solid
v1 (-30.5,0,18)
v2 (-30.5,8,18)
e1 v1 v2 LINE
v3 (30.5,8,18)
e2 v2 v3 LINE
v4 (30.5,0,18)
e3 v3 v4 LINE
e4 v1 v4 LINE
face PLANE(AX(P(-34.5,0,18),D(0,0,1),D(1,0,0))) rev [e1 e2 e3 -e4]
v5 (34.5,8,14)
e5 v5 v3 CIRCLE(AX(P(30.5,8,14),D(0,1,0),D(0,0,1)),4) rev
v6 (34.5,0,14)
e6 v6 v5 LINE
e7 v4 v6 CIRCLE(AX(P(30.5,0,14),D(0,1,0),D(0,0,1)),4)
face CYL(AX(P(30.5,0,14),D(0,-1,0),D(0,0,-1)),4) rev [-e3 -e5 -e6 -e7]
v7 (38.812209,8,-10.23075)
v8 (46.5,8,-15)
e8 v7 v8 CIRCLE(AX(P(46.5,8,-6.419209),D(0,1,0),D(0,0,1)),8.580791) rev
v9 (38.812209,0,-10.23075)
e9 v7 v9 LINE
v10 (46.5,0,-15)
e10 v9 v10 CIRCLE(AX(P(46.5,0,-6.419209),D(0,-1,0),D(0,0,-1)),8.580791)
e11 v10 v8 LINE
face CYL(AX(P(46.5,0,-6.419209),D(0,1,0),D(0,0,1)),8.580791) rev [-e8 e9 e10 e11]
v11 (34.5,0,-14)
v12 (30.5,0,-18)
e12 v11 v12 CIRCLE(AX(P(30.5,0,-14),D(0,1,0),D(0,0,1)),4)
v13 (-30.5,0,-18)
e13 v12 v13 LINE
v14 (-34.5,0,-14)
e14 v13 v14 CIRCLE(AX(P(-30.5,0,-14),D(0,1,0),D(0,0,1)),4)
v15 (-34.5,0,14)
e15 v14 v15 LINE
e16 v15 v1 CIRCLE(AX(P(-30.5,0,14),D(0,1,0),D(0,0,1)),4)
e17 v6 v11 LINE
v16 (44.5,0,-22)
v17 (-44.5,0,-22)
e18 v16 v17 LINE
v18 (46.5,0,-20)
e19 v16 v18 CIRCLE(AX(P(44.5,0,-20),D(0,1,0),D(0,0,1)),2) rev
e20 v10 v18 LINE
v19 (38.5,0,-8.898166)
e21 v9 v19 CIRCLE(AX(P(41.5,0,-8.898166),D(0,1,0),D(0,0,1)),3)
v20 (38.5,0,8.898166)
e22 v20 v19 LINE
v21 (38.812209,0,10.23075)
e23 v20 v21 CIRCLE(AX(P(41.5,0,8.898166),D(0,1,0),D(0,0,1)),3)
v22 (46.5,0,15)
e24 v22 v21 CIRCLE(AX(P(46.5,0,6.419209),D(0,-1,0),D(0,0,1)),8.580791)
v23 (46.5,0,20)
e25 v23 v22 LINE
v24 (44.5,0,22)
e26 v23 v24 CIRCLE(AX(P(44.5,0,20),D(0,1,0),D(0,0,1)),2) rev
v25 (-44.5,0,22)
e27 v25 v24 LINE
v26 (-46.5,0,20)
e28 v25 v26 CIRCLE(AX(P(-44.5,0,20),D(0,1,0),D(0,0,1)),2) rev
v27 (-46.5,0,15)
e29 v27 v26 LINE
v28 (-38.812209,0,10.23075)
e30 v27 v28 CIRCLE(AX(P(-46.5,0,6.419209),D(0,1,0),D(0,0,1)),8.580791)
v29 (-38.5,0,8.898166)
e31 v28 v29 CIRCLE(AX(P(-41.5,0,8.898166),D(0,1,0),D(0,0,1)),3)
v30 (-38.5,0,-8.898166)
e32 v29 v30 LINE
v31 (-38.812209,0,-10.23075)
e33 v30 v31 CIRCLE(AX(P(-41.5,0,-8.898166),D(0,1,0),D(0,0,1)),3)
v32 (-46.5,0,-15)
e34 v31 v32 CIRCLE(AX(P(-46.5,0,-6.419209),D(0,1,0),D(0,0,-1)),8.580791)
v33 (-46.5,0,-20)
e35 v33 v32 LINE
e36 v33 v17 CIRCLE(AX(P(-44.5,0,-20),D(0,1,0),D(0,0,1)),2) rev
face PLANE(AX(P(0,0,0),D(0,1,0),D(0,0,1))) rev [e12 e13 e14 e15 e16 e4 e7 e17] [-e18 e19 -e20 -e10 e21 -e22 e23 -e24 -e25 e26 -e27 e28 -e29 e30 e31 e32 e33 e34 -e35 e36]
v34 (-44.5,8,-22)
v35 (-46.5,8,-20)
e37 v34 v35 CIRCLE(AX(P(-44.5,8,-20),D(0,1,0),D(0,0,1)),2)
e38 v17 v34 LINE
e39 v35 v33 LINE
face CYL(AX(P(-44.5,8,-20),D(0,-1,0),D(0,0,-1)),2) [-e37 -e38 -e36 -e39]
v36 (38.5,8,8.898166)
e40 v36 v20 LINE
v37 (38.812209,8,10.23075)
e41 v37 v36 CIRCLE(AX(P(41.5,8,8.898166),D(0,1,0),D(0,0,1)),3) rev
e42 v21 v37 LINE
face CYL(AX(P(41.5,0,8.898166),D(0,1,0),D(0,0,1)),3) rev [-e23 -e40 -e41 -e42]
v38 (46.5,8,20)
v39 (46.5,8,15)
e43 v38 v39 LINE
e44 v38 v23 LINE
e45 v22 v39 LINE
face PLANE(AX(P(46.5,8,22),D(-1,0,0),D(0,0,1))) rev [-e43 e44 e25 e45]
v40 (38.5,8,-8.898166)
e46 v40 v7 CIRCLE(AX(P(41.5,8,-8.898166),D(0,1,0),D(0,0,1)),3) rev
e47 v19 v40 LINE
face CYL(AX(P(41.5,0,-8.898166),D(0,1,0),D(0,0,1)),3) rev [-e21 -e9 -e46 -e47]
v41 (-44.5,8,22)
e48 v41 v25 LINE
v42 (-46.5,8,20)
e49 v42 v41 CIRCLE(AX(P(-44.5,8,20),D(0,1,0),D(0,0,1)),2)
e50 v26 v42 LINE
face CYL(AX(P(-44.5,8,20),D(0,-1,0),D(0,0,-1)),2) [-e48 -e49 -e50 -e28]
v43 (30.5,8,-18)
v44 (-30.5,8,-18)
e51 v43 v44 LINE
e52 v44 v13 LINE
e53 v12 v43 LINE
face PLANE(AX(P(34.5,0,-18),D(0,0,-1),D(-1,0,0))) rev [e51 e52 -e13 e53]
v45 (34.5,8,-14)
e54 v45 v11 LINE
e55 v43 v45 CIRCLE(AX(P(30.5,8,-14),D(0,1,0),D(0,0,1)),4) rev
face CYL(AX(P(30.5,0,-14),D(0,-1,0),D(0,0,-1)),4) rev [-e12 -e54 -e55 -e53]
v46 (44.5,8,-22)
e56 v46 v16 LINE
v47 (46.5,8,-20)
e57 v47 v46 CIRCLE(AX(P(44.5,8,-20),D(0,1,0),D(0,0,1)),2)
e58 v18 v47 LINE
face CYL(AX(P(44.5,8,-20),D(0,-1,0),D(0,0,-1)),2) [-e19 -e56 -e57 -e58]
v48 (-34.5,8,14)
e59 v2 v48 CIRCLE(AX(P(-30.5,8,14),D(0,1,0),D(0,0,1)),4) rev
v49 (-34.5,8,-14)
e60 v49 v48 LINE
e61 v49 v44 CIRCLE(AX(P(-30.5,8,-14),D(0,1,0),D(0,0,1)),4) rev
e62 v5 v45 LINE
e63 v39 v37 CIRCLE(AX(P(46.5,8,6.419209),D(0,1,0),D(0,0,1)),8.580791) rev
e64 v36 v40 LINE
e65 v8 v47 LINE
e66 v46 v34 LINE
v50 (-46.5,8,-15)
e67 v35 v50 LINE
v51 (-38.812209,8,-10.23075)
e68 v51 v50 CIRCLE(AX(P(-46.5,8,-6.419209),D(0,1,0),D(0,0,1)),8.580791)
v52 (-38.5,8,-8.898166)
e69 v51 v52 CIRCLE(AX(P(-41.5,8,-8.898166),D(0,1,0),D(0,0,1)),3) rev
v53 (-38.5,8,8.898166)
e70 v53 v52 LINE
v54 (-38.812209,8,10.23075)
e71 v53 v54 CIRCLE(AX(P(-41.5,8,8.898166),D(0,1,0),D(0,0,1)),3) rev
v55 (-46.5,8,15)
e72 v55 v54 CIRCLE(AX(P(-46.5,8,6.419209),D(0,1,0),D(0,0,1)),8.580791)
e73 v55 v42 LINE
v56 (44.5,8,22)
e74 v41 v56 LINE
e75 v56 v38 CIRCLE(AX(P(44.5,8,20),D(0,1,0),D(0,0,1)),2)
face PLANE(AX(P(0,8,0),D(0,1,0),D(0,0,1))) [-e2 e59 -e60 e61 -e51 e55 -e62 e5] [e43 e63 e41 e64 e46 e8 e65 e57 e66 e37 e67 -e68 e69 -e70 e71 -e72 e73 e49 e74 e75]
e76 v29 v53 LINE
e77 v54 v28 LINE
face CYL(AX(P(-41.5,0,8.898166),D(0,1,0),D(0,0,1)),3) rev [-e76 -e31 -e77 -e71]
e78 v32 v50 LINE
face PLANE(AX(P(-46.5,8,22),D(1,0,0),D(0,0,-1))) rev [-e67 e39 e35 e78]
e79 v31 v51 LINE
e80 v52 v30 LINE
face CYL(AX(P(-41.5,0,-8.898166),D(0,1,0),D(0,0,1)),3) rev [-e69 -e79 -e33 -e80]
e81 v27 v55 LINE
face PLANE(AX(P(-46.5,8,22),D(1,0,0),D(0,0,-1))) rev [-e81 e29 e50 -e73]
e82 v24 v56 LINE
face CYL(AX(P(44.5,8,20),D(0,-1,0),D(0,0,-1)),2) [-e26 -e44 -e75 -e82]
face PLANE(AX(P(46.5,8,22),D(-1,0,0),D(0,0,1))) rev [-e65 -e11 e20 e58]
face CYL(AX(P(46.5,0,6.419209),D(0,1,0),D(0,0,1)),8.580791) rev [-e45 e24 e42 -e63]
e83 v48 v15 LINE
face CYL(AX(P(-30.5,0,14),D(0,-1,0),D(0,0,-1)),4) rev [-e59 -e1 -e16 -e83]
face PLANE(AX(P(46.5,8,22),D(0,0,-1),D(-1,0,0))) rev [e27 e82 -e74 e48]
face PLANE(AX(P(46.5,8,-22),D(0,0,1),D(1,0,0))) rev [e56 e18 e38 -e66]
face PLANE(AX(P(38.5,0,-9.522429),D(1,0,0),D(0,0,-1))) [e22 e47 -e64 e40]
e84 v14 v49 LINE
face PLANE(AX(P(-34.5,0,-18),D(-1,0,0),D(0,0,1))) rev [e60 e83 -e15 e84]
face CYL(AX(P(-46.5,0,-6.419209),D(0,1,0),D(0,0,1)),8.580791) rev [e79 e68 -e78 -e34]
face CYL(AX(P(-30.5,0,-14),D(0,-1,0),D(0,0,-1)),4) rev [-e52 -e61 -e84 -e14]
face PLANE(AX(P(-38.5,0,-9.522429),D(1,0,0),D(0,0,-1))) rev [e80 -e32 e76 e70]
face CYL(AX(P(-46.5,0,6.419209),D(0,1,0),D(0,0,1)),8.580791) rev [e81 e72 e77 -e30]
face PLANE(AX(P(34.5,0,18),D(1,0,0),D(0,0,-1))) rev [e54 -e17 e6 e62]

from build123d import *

# Parameters (mm, degrees)
SKETCH1_W            = 93
SKETCH1_H            = 44
BOSS_EXTRUDE1_DEPTH  = 8
SKETCH2_W            = 69
SKETCH2_H            = 36
CUT_EXTRUDE1_DEPTH   = 8
FILLET1_R            = 4
FILLET2_R            = 2
CUT_EXTRUDE2_START   = -9
CUT_EXTRUDE2_DEPTH   = 10
FILLET3_R            = 3
FILLET3_OF_MIRROR1_R = 3


with BuildPart() as part:
    # Sketch1 → Boss-Extrude1 (new body)
    with BuildSketch(Plane(origin=(0, 0, 0), x_dir=(1, 0, 0), z_dir=(0, 1, 0))):
        Rectangle(SKETCH1_W, SKETCH1_H)
    extrude(amount=BOSS_EXTRUDE1_DEPTH)

    # Sketch2 → Cut-Extrude1 (cut)
    with BuildSketch(Plane(origin=(0, 8, 0), x_dir=(1, 0, 0), z_dir=(0, 1, 0))):
        Rectangle(SKETCH2_W, SKETCH2_H)
    extrude(amount=-CUT_EXTRUDE1_DEPTH, mode=Mode.SUBTRACT)

    # Fillet1
    fillet1_edges = [part.edges().sort_by_distance(p)[0] for p in [
        (34.5, 4, 18),
        (-34.5, 4, 18),
        (-34.5, 4, -18),
        (34.5, 4, -18),
    ]]
    fillet(fillet1_edges, radius=FILLET1_R)

    # Fillet2
    fillet2_edges = [part.edges().sort_by_distance(p)[0] for p in [
        (-46.5, 4, -22),
        (46.5, 4, -22),
        (46.5, 4, 22),
        (-46.5, 4, 22),
    ]]
    fillet(fillet2_edges, radius=FILLET2_R)

    # Sketch3 → Cut-Extrude2 (cut)
    with BuildSketch(Plane(origin=(0, 8, 0), x_dir=(1, 0, 0), z_dir=(0, 1, 0)).offset(CUT_EXTRUDE2_START)):
        with BuildLine():
            Line((-38.5, 9.522429027), (-38.5, -9.522429027))
            ThreePointArc((-38.5, -9.522429027), (-41.652222577, -13.499394615), (-46.5, -15))
            Line((-46.5, -15), (-46.5, 15))
            ThreePointArc((-46.5, 15), (-41.652222577, 13.499394615), (-38.5, 9.522429027))
        make_face()
    cut_extrude2 = extrude(amount=CUT_EXTRUDE2_DEPTH, mode=Mode.SUBTRACT)

    # Fillet3
    fillet3_edges = [part.edges().sort_by_distance(p)[0] for p in [
        (-38.5, 4, -9.522429027),
        (-38.5, 4, 9.522429027),
    ]]
    fillet(fillet3_edges, radius=FILLET3_R)

    # Mirror1: Cut-Extrude2 across plane
    add(cut_extrude2.mirror(Plane(origin=(0, 0, 0), x_dir=(0, 0, 1), z_dir=(1, 0, 0))), mode=Mode.SUBTRACT)

    # Fillet3 of Mirror1
    fillet3_of_mirror1_edges = [part.edges().sort_by_distance(p)[0] for p in [
        (38.5, 4, -9.522429027),
        (38.5, 4, 9.522429027),
    ]]
    fillet(fillet3_of_mirror1_edges, radius=FILLET3_OF_MIRROR1_R)


solid = part.part
